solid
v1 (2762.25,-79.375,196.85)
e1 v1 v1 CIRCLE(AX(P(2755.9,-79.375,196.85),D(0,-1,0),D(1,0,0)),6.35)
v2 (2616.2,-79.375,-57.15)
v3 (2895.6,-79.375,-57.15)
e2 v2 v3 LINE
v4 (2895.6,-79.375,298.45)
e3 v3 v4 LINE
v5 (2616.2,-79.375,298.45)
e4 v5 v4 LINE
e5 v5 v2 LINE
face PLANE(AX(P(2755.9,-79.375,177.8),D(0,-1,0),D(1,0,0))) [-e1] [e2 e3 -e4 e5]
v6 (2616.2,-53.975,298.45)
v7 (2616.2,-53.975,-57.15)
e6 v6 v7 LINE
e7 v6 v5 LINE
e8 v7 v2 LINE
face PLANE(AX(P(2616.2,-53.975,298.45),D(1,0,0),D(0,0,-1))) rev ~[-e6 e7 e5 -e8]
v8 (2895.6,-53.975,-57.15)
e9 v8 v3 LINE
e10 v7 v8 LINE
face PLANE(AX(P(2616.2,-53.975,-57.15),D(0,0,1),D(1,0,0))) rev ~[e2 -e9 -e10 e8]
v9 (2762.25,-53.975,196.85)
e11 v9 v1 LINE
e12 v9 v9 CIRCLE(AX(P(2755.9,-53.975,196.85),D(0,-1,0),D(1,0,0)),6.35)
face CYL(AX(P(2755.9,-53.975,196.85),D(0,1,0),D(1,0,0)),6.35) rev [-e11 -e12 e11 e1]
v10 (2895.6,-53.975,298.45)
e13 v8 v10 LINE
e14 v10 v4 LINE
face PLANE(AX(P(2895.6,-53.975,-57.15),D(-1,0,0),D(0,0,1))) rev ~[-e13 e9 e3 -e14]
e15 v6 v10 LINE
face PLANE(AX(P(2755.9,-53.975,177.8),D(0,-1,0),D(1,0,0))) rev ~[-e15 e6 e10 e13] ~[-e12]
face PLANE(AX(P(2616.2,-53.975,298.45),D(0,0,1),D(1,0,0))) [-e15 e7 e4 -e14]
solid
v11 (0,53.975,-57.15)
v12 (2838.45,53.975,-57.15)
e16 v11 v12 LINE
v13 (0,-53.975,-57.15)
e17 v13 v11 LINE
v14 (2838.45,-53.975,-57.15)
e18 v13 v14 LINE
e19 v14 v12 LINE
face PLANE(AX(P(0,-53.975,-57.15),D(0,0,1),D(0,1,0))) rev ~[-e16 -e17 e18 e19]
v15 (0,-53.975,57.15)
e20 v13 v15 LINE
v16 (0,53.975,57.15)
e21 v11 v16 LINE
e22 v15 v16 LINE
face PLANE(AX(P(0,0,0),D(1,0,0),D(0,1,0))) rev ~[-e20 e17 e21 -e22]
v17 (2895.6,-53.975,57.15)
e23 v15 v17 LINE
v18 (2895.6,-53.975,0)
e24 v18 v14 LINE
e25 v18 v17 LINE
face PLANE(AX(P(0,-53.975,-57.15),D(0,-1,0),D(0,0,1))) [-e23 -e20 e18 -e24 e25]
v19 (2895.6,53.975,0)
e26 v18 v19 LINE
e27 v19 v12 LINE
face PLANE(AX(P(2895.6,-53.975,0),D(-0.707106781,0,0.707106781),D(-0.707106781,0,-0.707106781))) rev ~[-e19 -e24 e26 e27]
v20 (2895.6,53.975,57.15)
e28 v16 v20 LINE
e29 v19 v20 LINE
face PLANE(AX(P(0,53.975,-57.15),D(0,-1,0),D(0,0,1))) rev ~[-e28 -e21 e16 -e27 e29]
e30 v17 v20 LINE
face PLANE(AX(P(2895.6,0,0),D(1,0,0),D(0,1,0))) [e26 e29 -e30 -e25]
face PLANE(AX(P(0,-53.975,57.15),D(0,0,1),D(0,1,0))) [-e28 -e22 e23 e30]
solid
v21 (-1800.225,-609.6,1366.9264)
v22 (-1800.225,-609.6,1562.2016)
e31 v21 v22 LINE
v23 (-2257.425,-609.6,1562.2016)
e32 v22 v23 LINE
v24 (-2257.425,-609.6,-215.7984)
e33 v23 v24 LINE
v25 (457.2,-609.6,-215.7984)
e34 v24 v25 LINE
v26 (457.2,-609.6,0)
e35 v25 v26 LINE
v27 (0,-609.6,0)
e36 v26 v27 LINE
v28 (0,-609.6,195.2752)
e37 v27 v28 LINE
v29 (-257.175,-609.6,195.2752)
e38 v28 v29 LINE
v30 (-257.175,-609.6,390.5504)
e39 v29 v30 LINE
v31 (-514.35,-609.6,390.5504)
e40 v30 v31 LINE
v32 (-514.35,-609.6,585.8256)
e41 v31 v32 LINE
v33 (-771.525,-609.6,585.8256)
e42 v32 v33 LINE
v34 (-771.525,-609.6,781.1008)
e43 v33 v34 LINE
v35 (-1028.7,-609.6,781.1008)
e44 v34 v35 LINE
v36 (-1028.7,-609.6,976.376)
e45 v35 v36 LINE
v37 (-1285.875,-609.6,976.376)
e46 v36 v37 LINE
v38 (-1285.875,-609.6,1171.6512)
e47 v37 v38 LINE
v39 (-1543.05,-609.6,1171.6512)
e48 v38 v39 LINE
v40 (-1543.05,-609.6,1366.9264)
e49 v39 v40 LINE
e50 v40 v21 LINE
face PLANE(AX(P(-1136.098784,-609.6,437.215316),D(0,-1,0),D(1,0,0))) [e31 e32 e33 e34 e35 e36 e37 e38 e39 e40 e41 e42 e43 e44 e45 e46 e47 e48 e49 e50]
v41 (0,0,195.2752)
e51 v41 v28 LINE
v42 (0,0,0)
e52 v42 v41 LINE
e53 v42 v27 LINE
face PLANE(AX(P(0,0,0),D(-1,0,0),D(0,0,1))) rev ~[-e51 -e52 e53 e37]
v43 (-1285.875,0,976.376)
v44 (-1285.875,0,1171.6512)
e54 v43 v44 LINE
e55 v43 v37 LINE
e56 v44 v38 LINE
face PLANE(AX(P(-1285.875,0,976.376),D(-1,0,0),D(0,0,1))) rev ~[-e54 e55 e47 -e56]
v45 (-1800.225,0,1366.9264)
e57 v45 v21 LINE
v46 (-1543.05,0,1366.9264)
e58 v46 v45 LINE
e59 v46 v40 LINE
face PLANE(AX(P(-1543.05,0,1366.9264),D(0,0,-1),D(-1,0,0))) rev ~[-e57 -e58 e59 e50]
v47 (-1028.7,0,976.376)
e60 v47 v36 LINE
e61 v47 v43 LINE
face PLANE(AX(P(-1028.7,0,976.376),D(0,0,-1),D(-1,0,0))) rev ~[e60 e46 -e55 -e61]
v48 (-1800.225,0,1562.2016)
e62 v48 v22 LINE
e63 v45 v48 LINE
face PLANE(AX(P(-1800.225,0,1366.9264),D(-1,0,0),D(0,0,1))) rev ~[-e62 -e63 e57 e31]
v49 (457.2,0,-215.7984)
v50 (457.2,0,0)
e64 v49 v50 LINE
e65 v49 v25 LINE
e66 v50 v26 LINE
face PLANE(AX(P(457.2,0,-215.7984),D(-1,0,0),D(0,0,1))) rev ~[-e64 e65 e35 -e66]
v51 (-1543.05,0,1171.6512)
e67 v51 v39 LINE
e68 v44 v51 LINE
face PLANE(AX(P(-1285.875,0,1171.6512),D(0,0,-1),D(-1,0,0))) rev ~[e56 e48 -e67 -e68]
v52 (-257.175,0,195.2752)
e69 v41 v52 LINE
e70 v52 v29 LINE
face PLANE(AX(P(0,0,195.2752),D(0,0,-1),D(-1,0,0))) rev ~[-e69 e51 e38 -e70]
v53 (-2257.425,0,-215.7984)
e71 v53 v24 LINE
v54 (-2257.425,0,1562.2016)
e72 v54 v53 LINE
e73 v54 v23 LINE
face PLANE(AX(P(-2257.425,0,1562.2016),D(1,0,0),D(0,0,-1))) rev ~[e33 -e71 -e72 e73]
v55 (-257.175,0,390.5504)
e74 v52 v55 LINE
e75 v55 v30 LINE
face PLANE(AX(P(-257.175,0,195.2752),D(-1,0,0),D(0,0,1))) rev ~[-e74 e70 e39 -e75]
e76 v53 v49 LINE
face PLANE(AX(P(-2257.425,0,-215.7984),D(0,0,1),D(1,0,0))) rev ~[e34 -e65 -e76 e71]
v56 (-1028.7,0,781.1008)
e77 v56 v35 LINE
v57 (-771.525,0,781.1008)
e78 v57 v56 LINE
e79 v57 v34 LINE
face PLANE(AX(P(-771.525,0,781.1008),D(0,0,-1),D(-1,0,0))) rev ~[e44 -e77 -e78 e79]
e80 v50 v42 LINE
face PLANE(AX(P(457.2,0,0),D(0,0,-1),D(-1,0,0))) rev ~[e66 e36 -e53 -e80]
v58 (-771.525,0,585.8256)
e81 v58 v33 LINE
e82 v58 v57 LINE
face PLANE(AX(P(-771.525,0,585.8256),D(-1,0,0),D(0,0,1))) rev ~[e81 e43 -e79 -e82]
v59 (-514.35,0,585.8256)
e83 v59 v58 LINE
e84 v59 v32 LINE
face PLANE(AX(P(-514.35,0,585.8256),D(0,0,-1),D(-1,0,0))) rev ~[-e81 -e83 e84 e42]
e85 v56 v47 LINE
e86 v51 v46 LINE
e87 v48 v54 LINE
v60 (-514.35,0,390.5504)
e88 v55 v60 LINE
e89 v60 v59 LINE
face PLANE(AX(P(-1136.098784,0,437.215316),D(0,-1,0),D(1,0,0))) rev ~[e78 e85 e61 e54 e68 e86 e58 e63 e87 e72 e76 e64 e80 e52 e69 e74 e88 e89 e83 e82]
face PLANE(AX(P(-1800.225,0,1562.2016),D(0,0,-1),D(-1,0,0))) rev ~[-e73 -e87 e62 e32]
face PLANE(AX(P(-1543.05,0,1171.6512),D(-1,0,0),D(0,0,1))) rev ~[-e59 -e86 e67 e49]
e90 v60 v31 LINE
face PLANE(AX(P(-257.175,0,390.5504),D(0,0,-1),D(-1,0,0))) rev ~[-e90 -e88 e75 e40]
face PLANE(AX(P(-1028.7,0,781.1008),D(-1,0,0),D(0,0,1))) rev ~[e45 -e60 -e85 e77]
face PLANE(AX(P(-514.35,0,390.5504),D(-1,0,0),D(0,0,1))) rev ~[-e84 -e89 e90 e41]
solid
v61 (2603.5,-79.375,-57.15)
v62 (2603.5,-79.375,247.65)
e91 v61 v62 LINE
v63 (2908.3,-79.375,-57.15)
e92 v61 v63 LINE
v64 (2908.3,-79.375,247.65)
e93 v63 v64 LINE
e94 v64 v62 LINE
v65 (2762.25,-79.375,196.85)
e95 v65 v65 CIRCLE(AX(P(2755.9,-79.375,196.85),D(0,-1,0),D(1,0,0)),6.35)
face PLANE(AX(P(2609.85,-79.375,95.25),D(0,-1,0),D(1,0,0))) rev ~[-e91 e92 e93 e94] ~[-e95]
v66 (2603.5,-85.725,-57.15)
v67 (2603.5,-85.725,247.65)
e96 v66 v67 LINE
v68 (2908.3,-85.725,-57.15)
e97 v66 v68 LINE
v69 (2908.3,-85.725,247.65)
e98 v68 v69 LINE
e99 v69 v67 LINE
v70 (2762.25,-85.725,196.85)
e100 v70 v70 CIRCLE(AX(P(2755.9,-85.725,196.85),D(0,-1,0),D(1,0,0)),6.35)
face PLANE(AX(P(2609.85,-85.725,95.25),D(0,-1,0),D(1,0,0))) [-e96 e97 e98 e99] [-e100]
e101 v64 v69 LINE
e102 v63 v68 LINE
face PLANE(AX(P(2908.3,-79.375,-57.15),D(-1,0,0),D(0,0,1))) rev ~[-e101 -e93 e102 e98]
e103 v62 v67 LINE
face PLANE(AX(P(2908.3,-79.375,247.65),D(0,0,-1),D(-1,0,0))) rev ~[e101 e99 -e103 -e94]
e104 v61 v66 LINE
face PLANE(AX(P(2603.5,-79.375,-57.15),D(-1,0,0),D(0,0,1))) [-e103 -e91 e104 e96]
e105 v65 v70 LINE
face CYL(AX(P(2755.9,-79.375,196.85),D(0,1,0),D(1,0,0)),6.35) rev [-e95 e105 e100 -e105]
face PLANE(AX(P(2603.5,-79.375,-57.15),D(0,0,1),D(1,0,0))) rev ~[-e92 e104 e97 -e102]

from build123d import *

# Parameters (mm, degrees)
F1_DEPTH = 609.6
F2_W     = 107.95
F2_H     = 114.3
F3_DEPTH = 2895.6
F5_DEPTH = 107.95
F6_W     = 279.4
F6_H     = 241.3
F6_R     = 6.35
F7_DEPTH = 25.4
F8_W     = 12.7
F8_H     = 304.8
F8_W_2   = 279.4
F8_R     = 6.35
F9_DEPTH = 6.35


with BuildPart() as f1:
    # F0 (on Front) → F1 (new body)
    with BuildSketch(Plane.XZ):
        Polygon((457.2, 0), (0, 0), (0, 195.2752), (-257.175, 195.2752), (-257.175, 390.5504), (-514.35, 390.5504), (-514.35, 585.8256), (-771.525, 585.8256), (-771.525, 781.1008), (-1028.7, 781.1008), (-1028.7, 976.376), (-1285.875, 976.376), (-1285.875, 1171.6512), (-1543.05, 1171.6512), (-1543.05, 1366.9264), (-1800.225, 1366.9264), (-1800.225, 1562.2016), (-2257.425, 1562.2016), (-2257.425, -215.7984), (457.2, -215.7984), align=None)
    extrude(amount=F1_DEPTH)


with BuildPart() as f3:
    # F2 (on Right) → F3 (new body)
    with BuildSketch(Plane.YZ):
        Rectangle(F2_W, F2_H)
    extrude(amount=F3_DEPTH)

    # F4 (on face) → F5 (cut, through all)
    with BuildSketch(Plane.XZ.offset(53.975)):
        Polygon((2838.45, -57.15), (2895.6, -57.15), (2895.6, 0), align=None)
    extrude(amount=-F5_DEPTH, mode=Mode.SUBTRACT)


with BuildPart() as f7:
    # F6 (on face) → F7 (new body)
    with BuildSketch(Plane.XZ.offset(53.975)):
        with Locations((2755.9, 177.8)):
            Rectangle(F6_W, F6_H)
        with Locations((2755.9, 196.85)):
            Circle(F6_R, mode=Mode.SUBTRACT)
        Polygon((2895.6, 0), (2838.45, -57.15), (2895.6, -57.15), align=None)
        Polygon((2616.2, -57.15), (2838.45, -57.15), (2895.6, 0), (2895.6, 57.15), (2616.2, 57.15), align=None)
    extrude(amount=F7_DEPTH)


with BuildPart() as f9:
    # F8 (on face) → F9 (new body)
    with BuildSketch(Plane.XZ.offset(79.375)):
        with Locations((2609.85, 95.25)):
            Rectangle(F8_W, F8_H)
        with Locations((2901.95, 95.25)):
            Rectangle(F8_W, F8_H)
        with Locations((2755.9, 95.25)):
            Rectangle(F8_W_2, F8_H)
        with Locations((2755.9, 196.85)):
            Circle(F8_R, mode=Mode.SUBTRACT)
    extrude(amount=F9_DEPTH)


solid = Compound([f1.part, f3.part, f7.part, f9.part])
